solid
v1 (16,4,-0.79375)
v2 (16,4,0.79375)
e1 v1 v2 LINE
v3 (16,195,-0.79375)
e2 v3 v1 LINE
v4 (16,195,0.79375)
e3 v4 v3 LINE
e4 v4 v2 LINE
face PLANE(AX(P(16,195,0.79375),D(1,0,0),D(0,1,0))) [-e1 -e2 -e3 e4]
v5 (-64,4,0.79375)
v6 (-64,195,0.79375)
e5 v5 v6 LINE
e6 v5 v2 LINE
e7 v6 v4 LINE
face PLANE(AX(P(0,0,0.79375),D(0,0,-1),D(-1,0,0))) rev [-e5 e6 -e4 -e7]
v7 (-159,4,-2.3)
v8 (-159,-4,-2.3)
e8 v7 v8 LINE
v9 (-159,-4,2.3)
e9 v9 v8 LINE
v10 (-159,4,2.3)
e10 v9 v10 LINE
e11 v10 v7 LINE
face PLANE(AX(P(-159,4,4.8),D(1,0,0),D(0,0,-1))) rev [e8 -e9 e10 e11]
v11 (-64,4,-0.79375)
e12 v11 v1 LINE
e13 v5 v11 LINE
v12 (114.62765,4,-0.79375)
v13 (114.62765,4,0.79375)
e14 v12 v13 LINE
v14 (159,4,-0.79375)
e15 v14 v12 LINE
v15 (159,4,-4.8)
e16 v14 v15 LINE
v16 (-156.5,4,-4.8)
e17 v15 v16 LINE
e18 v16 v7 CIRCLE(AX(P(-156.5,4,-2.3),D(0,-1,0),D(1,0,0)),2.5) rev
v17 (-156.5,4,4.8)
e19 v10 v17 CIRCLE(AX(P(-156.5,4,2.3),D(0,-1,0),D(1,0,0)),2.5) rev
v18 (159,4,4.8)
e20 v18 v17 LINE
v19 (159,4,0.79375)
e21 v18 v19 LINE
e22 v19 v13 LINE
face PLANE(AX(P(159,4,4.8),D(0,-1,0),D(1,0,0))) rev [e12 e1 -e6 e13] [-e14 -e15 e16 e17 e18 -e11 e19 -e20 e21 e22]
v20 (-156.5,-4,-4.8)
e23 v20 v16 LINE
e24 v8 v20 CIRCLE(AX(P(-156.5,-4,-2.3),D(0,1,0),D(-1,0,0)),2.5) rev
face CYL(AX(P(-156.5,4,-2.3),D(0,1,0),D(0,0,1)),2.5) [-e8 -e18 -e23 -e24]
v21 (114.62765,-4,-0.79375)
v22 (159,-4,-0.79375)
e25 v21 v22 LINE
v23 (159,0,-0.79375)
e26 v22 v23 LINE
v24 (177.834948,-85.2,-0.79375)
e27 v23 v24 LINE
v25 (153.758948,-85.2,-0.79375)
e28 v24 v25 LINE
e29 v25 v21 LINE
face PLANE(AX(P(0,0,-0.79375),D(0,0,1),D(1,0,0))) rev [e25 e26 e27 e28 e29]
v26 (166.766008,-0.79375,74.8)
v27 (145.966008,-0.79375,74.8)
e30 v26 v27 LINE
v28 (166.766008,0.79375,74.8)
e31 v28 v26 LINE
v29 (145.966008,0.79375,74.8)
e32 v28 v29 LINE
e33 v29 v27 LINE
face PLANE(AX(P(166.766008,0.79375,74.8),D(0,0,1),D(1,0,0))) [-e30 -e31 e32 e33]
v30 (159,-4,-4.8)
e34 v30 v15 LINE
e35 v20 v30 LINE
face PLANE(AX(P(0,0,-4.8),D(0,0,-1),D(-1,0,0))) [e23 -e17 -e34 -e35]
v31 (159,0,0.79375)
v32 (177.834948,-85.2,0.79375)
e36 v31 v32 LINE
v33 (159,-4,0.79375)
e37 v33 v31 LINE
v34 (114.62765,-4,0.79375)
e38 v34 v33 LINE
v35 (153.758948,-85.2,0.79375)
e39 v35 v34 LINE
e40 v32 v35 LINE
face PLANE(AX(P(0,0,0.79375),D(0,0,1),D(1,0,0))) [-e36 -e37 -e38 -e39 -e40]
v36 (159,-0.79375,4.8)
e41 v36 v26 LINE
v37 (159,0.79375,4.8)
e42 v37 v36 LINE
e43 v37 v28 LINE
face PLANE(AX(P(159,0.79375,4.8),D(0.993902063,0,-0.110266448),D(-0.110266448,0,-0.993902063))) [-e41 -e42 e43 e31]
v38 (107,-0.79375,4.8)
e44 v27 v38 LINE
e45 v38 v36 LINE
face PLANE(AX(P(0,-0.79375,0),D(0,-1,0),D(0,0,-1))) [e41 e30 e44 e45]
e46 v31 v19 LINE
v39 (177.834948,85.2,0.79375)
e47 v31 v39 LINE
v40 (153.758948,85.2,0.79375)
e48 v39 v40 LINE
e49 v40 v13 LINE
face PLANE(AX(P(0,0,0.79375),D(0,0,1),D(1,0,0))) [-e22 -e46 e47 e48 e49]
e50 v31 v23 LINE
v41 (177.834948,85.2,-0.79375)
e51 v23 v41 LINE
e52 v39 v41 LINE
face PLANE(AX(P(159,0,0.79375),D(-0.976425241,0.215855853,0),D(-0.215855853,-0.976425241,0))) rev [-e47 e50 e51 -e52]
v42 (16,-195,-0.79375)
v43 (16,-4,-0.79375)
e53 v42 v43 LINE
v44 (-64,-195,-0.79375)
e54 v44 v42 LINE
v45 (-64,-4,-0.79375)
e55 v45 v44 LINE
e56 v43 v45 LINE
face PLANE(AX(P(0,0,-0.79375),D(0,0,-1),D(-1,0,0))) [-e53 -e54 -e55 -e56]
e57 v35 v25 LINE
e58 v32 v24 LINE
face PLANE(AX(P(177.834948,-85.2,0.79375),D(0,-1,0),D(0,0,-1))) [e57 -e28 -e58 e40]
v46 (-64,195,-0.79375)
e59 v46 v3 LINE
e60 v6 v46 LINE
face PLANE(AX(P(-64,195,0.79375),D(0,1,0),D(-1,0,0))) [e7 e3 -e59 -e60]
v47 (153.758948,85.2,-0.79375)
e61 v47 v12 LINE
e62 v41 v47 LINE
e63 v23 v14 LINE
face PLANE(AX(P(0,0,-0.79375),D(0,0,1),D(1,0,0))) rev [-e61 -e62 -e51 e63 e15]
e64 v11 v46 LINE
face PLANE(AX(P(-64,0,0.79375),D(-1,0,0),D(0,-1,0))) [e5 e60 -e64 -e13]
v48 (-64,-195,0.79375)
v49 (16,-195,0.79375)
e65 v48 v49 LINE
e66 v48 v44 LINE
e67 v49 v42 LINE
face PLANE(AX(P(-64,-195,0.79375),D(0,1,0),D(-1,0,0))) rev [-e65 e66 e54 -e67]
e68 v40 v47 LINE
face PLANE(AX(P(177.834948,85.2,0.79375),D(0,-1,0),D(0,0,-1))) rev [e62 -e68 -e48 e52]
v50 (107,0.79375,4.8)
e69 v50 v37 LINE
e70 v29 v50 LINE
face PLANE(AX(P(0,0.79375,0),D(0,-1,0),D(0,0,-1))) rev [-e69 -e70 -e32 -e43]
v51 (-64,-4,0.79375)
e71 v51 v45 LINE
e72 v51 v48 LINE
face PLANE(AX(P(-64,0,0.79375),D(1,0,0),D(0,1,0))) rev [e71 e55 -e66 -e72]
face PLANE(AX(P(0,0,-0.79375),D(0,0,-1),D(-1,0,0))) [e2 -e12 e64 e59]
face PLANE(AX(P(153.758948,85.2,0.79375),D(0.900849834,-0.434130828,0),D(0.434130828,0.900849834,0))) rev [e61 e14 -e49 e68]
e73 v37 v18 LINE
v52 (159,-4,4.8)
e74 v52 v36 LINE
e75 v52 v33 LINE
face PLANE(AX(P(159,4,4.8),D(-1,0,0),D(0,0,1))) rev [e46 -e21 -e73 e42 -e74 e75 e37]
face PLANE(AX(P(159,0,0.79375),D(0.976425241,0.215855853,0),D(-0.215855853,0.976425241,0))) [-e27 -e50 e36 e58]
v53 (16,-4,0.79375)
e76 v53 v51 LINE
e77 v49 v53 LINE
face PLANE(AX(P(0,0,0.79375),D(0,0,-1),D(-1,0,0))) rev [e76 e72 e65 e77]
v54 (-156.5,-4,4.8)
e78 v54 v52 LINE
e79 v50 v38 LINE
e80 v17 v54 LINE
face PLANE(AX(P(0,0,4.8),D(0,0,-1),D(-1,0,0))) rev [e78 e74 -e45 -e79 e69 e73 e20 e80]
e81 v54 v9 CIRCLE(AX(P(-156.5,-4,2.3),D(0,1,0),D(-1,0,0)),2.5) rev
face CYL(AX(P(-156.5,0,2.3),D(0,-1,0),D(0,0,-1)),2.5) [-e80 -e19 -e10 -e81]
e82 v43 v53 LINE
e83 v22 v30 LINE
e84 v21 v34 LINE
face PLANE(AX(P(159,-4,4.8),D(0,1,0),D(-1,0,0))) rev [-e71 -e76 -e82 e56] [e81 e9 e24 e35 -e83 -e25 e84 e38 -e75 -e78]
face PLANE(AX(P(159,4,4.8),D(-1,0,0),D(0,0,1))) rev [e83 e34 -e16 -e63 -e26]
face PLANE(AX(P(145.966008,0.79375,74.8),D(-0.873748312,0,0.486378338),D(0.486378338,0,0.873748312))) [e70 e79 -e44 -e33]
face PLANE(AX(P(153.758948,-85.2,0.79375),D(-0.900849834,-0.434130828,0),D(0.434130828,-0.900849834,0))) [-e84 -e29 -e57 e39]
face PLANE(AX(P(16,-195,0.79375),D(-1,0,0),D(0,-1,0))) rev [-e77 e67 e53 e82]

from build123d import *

# Parameters (mm, degrees)
SKETCH1_W           = 318
SKETCH1_H           = 8
BOSS_EXTRUDE1_DEPTH = 4.8
SKETCH3_W           = 80
SKETCH3_H           = 195
BOSS_EXTRUDE2_DEPTH = 0.79375
BOSS_EXTRUDE3_DEPTH = 0.79375
BOSS_EXTRUDE4_DEPTH = 0.79375
FILLET1_R           = 2.5


with BuildPart() as part:
    # Sketch1 → Boss-Extrude1 (new, symmetric)
    with BuildSketch(Plane.XY):
        Rectangle(SKETCH1_W, SKETCH1_H)
    extrude(amount=BOSS_EXTRUDE1_DEPTH, both=True)

    # Sketch3 → Boss-Extrude2 (add, symmetric)
    with BuildSketch(Plane.XY):
        with Locations((-24, 97.5)):
            Rectangle(SKETCH3_W, SKETCH3_H)
    boss_extrude2 = extrude(amount=BOSS_EXTRUDE2_DEPTH, both=True)

    # Mirror1: Boss-Extrude2 across plane
    add(boss_extrude2.mirror(Plane.ZX))

    # Sketch6 → Boss-Extrude3 (add, symmetric)
    with BuildSketch(Plane(origin=(0, 0, 0), x_dir=(1, 0, 0), z_dir=(0, 1, 0))):
        Polygon((159, -4.8), (166.766007972, -74.8), (145.966007972, -74.8), (107, -4.8), align=None)
    extrude(amount=BOSS_EXTRUDE3_DEPTH, both=True)

    # Sketch8 → Boss-Extrude4 (add, symmetric)
    with BuildSketch(Plane.XY):
        Polygon((159, 0), (177.834948036, 85.2), (153.758948036, 85.2), (112.7, 0), align=None)
    boss_extrude4 = extrude(amount=BOSS_EXTRUDE4_DEPTH, both=True)

    # Mirror2: Boss-Extrude4 across plane
    add(boss_extrude4.mirror(Plane.ZX))

    # Fillet1
    fillet1_edges = [part.edges().sort_by_distance(p)[0] for p in [
        (-159, 0, 4.8),
        (-159, 0, -4.8),
    ]]
    fillet(fillet1_edges, radius=FILLET1_R)


solid = part.part
